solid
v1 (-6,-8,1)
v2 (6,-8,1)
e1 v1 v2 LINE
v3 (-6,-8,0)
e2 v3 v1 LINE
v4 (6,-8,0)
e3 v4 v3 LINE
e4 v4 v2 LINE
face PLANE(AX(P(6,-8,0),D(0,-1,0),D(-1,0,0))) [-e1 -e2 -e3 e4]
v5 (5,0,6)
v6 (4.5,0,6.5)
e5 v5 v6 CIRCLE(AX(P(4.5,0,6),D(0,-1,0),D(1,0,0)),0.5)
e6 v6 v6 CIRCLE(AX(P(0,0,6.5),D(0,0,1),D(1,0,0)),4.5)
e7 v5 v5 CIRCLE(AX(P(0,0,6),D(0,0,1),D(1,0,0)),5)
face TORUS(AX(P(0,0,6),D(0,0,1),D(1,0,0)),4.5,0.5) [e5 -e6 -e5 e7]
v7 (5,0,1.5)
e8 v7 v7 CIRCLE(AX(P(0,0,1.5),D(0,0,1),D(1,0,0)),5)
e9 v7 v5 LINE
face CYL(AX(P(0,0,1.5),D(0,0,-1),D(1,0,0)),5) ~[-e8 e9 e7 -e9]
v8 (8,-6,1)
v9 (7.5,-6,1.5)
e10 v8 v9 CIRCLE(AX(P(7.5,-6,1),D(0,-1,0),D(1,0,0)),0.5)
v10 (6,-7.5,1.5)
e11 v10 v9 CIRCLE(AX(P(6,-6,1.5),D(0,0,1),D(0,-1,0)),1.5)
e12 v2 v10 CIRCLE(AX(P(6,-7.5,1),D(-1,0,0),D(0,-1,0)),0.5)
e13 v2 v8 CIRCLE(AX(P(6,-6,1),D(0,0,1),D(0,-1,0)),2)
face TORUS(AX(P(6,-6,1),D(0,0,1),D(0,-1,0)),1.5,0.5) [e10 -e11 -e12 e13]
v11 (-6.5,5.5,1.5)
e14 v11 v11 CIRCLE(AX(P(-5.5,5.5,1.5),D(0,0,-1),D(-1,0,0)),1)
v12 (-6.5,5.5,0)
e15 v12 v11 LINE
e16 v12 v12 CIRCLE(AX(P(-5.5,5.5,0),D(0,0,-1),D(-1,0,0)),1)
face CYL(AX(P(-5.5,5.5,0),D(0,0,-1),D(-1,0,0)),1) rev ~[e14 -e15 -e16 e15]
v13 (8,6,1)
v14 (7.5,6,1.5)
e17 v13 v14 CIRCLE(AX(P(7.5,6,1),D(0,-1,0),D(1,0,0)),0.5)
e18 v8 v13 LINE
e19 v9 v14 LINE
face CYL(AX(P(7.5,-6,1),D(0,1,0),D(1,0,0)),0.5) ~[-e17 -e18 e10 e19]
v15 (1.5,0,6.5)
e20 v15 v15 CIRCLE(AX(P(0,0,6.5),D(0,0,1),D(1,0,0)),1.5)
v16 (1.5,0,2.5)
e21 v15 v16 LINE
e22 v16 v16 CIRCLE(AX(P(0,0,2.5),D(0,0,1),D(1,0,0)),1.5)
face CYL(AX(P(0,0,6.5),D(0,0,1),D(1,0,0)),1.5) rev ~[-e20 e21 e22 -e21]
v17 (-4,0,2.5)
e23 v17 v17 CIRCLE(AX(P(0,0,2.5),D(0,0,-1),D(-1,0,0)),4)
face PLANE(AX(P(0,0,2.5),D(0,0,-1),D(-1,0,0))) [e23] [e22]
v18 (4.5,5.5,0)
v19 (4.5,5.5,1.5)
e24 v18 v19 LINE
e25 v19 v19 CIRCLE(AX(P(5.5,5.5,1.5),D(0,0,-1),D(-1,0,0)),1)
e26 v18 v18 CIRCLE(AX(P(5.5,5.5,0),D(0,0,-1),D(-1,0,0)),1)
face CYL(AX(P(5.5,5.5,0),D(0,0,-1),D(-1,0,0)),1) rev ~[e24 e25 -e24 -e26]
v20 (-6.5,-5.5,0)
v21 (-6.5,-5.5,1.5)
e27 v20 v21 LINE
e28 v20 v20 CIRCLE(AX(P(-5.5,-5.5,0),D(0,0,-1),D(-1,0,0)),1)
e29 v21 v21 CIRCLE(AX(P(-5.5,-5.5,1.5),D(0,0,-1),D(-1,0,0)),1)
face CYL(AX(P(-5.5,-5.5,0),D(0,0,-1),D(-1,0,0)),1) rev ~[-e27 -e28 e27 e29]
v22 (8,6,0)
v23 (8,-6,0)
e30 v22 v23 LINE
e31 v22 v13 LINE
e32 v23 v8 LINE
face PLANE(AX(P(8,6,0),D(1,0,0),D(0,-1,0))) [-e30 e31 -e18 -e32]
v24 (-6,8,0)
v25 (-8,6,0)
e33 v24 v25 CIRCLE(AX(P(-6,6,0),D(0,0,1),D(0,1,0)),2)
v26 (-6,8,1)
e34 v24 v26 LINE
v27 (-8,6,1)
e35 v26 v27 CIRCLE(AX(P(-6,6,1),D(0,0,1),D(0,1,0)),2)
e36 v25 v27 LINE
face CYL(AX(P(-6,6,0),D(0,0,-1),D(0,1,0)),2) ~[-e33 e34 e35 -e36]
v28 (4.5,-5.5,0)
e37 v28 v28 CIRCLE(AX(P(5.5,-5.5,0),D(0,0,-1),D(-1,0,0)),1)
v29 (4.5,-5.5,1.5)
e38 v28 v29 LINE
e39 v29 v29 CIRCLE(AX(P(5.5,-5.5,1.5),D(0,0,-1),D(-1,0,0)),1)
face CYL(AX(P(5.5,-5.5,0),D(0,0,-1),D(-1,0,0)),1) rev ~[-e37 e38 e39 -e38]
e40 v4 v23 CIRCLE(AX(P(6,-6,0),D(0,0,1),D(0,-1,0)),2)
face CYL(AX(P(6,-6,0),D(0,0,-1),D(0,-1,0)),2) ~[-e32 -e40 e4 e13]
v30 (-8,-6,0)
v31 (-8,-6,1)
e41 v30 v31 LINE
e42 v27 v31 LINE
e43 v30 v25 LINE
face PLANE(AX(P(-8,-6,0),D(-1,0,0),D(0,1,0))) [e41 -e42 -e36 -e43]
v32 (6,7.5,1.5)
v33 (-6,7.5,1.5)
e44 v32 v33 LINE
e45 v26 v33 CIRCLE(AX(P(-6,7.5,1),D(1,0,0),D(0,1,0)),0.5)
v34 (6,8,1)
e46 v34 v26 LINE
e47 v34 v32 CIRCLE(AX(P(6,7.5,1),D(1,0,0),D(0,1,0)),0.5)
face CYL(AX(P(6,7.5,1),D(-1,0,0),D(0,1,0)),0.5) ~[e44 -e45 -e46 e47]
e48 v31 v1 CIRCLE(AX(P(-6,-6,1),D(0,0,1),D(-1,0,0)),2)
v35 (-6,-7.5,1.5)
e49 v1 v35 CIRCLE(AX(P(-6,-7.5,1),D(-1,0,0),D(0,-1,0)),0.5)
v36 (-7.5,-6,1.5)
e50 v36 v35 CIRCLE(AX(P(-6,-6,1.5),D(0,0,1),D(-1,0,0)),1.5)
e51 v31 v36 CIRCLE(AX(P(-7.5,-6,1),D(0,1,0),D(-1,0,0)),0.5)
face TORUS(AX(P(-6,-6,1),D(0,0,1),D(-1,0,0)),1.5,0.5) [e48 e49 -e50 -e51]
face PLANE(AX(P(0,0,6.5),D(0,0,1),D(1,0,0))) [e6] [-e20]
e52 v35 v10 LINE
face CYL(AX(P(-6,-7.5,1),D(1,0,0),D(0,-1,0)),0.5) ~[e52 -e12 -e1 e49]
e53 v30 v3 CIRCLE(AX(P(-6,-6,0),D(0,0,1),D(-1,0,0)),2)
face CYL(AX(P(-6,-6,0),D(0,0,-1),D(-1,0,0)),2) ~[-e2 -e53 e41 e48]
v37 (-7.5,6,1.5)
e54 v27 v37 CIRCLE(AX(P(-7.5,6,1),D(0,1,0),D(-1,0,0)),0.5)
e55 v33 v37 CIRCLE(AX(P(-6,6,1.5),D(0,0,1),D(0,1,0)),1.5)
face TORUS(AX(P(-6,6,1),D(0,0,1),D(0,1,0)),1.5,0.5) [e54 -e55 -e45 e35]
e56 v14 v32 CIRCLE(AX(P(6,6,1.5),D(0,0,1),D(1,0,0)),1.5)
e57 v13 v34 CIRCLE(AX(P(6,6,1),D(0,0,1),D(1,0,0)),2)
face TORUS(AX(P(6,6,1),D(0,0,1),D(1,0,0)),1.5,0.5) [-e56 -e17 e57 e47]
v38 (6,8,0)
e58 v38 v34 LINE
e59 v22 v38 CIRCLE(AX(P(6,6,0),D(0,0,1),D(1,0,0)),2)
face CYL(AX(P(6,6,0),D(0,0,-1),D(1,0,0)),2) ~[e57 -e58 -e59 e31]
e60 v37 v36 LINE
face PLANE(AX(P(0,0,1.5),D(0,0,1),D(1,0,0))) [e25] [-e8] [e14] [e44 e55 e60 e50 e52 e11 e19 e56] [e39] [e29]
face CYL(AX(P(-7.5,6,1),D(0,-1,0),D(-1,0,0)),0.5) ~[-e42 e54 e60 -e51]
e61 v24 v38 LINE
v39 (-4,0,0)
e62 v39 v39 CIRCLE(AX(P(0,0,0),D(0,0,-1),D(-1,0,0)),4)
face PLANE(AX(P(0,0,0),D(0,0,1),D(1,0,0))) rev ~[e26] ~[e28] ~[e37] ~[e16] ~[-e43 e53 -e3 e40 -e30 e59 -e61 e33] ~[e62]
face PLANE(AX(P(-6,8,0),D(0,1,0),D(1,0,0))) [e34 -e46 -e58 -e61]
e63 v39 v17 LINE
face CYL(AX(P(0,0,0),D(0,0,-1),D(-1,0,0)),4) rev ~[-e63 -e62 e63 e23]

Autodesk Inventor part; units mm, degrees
ref_plane "YZ Plane" through (0, 0, 0) normal (1, 0, 0) x (0, 1, 0)
ref_plane "XZ Plane" through (0, 0, 0) normal (0, 1, 0) x (-1, 0, 0)
ref_plane "XY Plane" through (0, 0, 0) normal (0, 0, 1) x (1, 0, 0)
sketch "Sketch1" plane through (0, 0, 0) normal (0, 0, 1) x (1, 0, 0)
  line L0 (-6, 8) -> (6, 8)
  line L1 (8, 6) -> (8, -6)
  line L2 (6, -8) -> (-6, -8)
  line L3 (-8, -6) -> (-8, 6)
  line L4 (-8, 8) -> (8, -8) construction
  line L5 (8, 8) -> (-8, -8) construction
  arc A0 (-6, 8) -> (-8, 6) centre (-6, 6) ccw
  arc A1 (-8, -6) -> (-6, -8) centre (-6, -6) ccw
  arc A2 (8, 6) -> (6, 8) centre (6, 6) ccw
  arc A3 (6, -8) -> (8, -6) centre (6, -6) ccw
  point P0 (0, 0)
  dimension "d0" = 16
  dimension "d1" = 16
  dimension "d2" = 2
extrude "Extrusion1" add sketch "Sketch1" along normal blind 1.5
sketch "Sketch2" plane through (0, 0, 1.5) normal (0, 0, 1) x (1, 0, 0)
  circle A0 centre (0, 0) radius 5
  dimension "d5" = 10
extrude "Extrusion2" add sketch "Sketch2" along normal blind 5
fillet "Fillet1" radius 0.5 9 edges at (-5, 0, 6.5) (-7.4142, 7.4142, 1.5) (-8, 0, 1.5) (-7.4142, -7.4142, 1.5) (0, -8, 1.5) (7.4142, -7.4142, 1.5) (8, 0, 1.5) (7.4142, 7.4142, 1.5) (0, 8, 1.5)
sketch "Sketch3" plane through (0, 0, 6.5) normal (0, 0, 1) x (1, 0, 0)
  circle A0 centre (0, 0) radius 4.5 projected
  circle A1 centre (0, 0) radius 1.5
  dimension "d9" = 3
extrude "Extrusion3" cut sketch "Sketch3" against normal through all contours A1
sketch "Sketch4" plane through (0, 0, 0) normal (0, 0, -1) x (-1, 0, 0)
  circle A0 centre (0, 0) radius 1.5 projected
  circle A1 centre (0, 0) radius 4
  dimension "d12" = 8
extrude "Extrusion4" cut sketch "Sketch4" against normal blind 2.5
sketch "Sketch5" plane through (0, 0, 0) normal (0, 0, -1) x (-1, 0, 0)
  line L0 (6, -8) -> (-6, -8) projected
  line L1 (8, 6) -> (8, -6) projected
  line L2 (-8, -6) -> (-8, 6) projected
  circle A0 centre (-5.5, 5.5) radius 1
  circle A1 centre (5.5, 5.5) radius 1
  circle A2 centre (5.5, -5.5) radius 1
  circle A3 centre (-5.5, -5.5) radius 1
  dimension "d15" = 2.5
  dimension "d16" = 2.5
  dimension "d17" = 11
  dimension "d18" = 2
  dimension "d19" = 2.5
extrude "Extrusion5" cut sketch "Sketch5" against normal through all
properties part number "12B VALVE BONNET" material "Steel AISI 1020 107 HR"
